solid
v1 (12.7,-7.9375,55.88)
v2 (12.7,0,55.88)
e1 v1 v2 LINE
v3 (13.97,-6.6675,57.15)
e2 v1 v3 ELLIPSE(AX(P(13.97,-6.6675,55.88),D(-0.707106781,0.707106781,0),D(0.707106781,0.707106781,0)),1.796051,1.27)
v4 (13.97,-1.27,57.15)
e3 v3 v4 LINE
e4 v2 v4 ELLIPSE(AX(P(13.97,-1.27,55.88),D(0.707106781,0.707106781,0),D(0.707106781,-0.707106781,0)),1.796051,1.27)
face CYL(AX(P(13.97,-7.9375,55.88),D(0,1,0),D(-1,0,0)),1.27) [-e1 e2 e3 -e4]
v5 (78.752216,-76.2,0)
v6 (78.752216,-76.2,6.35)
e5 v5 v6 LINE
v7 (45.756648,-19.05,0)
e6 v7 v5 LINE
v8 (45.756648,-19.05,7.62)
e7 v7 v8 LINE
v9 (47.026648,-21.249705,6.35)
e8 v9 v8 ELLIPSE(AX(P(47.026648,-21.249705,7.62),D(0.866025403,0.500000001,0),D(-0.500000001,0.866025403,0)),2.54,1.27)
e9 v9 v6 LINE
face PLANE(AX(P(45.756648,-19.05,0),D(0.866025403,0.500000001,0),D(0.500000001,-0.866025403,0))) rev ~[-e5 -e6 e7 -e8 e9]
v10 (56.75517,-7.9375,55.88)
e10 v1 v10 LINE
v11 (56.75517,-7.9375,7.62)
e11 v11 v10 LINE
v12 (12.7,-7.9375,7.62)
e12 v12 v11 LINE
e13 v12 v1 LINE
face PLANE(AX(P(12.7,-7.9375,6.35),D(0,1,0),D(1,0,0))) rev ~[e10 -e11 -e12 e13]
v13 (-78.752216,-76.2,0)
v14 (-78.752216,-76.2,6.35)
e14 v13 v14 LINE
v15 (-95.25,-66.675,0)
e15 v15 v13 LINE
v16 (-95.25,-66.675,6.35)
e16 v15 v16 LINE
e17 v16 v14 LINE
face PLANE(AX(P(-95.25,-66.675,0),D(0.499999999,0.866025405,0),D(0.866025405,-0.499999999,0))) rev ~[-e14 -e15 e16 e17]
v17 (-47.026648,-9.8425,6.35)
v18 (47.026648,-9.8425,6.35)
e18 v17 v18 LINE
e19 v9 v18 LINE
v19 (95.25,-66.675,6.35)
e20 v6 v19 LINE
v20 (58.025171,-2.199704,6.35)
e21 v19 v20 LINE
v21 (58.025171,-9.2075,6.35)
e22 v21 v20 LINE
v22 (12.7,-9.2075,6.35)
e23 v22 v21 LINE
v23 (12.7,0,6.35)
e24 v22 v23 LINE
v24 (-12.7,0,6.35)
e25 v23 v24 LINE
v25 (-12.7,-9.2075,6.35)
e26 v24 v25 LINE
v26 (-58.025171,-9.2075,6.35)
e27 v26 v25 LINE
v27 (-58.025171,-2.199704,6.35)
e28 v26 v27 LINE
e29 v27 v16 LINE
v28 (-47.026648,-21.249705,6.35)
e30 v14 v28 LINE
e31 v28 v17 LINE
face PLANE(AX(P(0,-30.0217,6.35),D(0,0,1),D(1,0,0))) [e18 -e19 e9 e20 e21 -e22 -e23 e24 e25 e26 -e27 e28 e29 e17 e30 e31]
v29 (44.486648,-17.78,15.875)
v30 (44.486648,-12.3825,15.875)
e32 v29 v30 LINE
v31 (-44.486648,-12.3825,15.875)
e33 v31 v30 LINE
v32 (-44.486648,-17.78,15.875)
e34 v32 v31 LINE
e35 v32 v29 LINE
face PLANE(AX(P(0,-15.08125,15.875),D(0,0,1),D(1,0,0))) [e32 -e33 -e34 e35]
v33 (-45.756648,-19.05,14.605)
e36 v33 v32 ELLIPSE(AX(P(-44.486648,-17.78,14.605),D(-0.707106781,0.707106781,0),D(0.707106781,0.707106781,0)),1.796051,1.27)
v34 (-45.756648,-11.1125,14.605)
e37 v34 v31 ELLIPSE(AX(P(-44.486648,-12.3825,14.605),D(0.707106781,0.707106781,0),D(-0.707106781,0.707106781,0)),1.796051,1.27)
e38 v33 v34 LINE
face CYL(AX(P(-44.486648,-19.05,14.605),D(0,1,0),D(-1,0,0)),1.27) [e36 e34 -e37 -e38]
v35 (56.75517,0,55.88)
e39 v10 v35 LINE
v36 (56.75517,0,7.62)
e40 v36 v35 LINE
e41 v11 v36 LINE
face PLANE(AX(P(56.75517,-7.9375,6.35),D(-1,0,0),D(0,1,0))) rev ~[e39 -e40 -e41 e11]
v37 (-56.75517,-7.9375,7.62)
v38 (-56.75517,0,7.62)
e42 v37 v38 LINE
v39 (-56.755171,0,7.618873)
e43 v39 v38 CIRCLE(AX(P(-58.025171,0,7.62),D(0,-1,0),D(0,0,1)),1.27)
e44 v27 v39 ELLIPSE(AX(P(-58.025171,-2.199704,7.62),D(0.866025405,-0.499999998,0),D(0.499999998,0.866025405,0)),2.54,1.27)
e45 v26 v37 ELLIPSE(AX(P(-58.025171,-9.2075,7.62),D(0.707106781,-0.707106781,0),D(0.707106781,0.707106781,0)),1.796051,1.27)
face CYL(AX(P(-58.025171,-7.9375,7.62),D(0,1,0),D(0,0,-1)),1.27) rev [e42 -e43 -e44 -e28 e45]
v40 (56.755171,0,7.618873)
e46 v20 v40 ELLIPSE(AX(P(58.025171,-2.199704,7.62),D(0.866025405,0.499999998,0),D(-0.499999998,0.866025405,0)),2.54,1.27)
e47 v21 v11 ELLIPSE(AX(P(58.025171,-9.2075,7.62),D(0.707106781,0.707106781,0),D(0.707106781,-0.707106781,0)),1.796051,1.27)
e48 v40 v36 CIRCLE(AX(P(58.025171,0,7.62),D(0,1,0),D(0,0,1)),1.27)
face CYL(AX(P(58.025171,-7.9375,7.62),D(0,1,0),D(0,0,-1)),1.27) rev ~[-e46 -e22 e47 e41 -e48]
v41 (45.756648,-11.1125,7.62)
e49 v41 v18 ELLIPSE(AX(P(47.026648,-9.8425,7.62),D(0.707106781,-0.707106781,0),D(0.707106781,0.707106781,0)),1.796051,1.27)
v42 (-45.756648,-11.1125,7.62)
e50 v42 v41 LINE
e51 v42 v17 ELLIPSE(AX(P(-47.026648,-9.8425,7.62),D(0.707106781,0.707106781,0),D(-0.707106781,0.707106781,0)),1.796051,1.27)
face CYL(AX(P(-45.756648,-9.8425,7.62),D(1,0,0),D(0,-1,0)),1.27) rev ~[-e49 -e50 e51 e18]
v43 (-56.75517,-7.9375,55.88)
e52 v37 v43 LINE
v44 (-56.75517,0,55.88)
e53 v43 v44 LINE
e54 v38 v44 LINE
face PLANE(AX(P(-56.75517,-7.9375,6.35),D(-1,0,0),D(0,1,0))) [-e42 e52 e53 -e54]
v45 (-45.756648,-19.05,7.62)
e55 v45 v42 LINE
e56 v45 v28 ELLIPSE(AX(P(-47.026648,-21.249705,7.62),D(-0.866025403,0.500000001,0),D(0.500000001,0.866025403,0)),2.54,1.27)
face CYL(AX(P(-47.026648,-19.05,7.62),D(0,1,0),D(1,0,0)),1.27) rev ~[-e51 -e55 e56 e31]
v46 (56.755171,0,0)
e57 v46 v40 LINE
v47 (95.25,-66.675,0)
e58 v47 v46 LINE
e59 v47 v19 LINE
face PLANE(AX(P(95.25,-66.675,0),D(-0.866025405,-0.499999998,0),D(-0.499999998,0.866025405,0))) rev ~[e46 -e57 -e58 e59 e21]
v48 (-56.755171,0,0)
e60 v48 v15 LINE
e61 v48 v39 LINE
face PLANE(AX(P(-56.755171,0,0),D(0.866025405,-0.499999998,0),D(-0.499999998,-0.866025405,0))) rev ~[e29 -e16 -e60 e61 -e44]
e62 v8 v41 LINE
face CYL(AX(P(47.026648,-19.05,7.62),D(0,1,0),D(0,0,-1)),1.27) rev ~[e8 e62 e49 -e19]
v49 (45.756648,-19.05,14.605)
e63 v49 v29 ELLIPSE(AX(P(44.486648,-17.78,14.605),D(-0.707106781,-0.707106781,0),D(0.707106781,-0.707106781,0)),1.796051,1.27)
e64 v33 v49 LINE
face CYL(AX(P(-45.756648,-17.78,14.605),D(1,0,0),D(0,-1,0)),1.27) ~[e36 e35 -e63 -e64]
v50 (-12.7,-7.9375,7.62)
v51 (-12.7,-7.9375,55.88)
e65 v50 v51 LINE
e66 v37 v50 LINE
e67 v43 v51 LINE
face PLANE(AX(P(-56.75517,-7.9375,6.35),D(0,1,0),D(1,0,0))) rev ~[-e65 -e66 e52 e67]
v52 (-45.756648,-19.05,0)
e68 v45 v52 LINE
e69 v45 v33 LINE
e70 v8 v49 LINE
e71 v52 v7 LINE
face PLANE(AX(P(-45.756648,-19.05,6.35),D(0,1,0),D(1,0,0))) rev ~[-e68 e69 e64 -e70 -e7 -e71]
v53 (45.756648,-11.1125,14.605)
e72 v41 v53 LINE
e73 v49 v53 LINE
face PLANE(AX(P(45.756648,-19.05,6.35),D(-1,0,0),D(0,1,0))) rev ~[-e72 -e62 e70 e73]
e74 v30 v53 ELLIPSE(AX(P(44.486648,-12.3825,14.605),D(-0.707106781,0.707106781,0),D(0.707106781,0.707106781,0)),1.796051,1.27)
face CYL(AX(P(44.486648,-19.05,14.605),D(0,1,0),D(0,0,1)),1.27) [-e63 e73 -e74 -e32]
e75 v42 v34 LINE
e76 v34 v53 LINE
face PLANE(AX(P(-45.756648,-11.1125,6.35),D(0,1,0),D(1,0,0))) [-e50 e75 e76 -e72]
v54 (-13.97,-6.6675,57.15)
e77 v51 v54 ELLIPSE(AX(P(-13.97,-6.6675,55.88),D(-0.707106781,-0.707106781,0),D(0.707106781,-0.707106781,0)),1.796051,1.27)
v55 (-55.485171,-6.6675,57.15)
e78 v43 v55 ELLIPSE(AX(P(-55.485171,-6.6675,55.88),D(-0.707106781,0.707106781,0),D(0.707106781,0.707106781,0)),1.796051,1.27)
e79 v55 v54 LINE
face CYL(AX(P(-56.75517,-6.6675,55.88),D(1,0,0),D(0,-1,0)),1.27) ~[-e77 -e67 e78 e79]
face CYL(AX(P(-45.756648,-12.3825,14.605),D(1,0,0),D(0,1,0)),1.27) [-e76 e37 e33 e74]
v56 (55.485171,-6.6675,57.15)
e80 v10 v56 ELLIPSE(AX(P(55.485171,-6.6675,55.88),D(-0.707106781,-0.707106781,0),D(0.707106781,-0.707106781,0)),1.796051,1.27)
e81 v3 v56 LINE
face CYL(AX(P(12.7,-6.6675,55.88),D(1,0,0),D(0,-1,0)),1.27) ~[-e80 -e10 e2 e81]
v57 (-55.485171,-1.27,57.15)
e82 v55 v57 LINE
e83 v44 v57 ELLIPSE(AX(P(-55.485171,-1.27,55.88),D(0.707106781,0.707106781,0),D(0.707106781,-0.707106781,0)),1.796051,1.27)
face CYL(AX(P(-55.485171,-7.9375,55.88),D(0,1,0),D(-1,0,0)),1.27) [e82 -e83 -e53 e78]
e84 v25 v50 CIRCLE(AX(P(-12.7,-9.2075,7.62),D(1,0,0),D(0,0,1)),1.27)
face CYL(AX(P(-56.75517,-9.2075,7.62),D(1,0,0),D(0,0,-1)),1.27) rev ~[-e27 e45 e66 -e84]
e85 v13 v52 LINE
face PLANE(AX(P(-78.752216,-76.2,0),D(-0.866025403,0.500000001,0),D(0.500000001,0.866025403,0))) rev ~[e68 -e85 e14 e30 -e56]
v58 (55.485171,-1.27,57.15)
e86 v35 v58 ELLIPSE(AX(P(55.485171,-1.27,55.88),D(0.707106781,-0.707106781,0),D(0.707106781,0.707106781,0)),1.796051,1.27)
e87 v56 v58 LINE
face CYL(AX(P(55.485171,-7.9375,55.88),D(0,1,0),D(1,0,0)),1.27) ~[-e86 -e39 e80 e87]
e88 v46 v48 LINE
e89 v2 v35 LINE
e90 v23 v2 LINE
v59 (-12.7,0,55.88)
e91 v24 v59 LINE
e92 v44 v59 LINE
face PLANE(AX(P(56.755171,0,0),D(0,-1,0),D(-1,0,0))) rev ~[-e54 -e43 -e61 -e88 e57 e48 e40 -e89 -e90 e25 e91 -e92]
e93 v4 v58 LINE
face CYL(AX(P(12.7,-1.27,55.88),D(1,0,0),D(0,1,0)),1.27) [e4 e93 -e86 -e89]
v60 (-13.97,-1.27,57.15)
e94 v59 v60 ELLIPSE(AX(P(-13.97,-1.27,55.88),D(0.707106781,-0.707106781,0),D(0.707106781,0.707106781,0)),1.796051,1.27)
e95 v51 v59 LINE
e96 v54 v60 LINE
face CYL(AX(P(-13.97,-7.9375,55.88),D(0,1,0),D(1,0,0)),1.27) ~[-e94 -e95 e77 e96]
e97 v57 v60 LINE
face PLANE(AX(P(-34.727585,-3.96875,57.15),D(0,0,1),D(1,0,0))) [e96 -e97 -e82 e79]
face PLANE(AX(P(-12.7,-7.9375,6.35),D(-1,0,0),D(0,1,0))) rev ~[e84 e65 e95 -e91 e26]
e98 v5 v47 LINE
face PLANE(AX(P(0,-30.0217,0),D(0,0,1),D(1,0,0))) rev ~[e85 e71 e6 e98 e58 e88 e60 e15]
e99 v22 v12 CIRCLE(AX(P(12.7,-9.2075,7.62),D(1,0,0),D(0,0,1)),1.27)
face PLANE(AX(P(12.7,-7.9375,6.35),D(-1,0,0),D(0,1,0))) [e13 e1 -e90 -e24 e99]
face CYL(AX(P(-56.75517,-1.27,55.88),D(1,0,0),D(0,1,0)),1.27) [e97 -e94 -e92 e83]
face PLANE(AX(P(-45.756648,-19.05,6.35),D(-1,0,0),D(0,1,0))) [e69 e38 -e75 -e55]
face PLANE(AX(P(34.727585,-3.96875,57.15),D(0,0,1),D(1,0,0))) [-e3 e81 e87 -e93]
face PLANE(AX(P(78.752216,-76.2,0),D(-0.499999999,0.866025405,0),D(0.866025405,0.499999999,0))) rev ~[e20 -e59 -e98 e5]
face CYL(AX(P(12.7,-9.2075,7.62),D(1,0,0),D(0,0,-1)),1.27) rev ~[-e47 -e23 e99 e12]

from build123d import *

# Parameters (mm, degrees)
F1_DEPTH = 6.35
F2_W     = 44.055171
F2_H     = 7.9375
F3_DEPTH = 50.8
F4_W     = 91.513296
F4_H     = 7.9375
F5_DEPTH = 9.525
F6_R     = 1.27


with BuildPart() as f1:
    # F0 (on Top) → F1 (new body)
    with BuildSketch(Plane.XY):
        Polygon((56.755171, 0), (-56.755171, 0), (-95.25, -66.675), (-78.752216, -76.2), (-45.756648, -19.05), (0, -19.05), (45.756648, -19.05), (78.752216, -76.2), (95.25, -66.675), align=None)
    extrude(amount=F1_DEPTH)

    # F2 (on face) → F3 (join)
    with BuildSketch(Plane.XY.offset(6.35)):
        with Locations((-34.727585, -3.96875)):
            Rectangle(F2_W, F2_H)
        with Locations((34.727585, -3.96875)):
            Rectangle(F2_W, F2_H)
    extrude(amount=F3_DEPTH)

    # F4 (on face) → F5 (join)
    with BuildSketch(Plane.XY.offset(6.35)):
        with Locations((0, -15.08125)):
            Rectangle(F4_W, F4_H)
    extrude(amount=F5_DEPTH)

    # F6
    f6_edges = [f1.edges().sort_by_distance(p)[0] for p in [
        (-45.756648, -15.08125, 15.875),
        (0, -19.05, 15.875),
        (45.756648, -15.08125, 15.875),
        (0, -11.1125, 15.875),
        (-34.727585, 0, 57.15),
        (-56.755171, -3.96875, 57.15),
        (-34.727585, -7.9375, 57.15),
        (-12.7, -3.96875, 57.15),
        (34.727585, -7.9375, 57.15),
        (56.755171, -3.96875, 57.15),
        (34.727585, 0, 57.15),
        (12.7, -3.96875, 57.15),
        (-56.755171, -3.96875, 6.35),
        (-34.727585, -7.9375, 6.35),
        (-45.756648, -15.08125, 6.35),
        (0, -11.1125, 6.35),
        (34.727585, -7.9375, 6.35),
        (45.756648, -15.08125, 6.35),
        (56.755171, -3.96875, 6.35),
    ]]
    fillet(f6_edges, radius=F6_R)


solid = f1.part
